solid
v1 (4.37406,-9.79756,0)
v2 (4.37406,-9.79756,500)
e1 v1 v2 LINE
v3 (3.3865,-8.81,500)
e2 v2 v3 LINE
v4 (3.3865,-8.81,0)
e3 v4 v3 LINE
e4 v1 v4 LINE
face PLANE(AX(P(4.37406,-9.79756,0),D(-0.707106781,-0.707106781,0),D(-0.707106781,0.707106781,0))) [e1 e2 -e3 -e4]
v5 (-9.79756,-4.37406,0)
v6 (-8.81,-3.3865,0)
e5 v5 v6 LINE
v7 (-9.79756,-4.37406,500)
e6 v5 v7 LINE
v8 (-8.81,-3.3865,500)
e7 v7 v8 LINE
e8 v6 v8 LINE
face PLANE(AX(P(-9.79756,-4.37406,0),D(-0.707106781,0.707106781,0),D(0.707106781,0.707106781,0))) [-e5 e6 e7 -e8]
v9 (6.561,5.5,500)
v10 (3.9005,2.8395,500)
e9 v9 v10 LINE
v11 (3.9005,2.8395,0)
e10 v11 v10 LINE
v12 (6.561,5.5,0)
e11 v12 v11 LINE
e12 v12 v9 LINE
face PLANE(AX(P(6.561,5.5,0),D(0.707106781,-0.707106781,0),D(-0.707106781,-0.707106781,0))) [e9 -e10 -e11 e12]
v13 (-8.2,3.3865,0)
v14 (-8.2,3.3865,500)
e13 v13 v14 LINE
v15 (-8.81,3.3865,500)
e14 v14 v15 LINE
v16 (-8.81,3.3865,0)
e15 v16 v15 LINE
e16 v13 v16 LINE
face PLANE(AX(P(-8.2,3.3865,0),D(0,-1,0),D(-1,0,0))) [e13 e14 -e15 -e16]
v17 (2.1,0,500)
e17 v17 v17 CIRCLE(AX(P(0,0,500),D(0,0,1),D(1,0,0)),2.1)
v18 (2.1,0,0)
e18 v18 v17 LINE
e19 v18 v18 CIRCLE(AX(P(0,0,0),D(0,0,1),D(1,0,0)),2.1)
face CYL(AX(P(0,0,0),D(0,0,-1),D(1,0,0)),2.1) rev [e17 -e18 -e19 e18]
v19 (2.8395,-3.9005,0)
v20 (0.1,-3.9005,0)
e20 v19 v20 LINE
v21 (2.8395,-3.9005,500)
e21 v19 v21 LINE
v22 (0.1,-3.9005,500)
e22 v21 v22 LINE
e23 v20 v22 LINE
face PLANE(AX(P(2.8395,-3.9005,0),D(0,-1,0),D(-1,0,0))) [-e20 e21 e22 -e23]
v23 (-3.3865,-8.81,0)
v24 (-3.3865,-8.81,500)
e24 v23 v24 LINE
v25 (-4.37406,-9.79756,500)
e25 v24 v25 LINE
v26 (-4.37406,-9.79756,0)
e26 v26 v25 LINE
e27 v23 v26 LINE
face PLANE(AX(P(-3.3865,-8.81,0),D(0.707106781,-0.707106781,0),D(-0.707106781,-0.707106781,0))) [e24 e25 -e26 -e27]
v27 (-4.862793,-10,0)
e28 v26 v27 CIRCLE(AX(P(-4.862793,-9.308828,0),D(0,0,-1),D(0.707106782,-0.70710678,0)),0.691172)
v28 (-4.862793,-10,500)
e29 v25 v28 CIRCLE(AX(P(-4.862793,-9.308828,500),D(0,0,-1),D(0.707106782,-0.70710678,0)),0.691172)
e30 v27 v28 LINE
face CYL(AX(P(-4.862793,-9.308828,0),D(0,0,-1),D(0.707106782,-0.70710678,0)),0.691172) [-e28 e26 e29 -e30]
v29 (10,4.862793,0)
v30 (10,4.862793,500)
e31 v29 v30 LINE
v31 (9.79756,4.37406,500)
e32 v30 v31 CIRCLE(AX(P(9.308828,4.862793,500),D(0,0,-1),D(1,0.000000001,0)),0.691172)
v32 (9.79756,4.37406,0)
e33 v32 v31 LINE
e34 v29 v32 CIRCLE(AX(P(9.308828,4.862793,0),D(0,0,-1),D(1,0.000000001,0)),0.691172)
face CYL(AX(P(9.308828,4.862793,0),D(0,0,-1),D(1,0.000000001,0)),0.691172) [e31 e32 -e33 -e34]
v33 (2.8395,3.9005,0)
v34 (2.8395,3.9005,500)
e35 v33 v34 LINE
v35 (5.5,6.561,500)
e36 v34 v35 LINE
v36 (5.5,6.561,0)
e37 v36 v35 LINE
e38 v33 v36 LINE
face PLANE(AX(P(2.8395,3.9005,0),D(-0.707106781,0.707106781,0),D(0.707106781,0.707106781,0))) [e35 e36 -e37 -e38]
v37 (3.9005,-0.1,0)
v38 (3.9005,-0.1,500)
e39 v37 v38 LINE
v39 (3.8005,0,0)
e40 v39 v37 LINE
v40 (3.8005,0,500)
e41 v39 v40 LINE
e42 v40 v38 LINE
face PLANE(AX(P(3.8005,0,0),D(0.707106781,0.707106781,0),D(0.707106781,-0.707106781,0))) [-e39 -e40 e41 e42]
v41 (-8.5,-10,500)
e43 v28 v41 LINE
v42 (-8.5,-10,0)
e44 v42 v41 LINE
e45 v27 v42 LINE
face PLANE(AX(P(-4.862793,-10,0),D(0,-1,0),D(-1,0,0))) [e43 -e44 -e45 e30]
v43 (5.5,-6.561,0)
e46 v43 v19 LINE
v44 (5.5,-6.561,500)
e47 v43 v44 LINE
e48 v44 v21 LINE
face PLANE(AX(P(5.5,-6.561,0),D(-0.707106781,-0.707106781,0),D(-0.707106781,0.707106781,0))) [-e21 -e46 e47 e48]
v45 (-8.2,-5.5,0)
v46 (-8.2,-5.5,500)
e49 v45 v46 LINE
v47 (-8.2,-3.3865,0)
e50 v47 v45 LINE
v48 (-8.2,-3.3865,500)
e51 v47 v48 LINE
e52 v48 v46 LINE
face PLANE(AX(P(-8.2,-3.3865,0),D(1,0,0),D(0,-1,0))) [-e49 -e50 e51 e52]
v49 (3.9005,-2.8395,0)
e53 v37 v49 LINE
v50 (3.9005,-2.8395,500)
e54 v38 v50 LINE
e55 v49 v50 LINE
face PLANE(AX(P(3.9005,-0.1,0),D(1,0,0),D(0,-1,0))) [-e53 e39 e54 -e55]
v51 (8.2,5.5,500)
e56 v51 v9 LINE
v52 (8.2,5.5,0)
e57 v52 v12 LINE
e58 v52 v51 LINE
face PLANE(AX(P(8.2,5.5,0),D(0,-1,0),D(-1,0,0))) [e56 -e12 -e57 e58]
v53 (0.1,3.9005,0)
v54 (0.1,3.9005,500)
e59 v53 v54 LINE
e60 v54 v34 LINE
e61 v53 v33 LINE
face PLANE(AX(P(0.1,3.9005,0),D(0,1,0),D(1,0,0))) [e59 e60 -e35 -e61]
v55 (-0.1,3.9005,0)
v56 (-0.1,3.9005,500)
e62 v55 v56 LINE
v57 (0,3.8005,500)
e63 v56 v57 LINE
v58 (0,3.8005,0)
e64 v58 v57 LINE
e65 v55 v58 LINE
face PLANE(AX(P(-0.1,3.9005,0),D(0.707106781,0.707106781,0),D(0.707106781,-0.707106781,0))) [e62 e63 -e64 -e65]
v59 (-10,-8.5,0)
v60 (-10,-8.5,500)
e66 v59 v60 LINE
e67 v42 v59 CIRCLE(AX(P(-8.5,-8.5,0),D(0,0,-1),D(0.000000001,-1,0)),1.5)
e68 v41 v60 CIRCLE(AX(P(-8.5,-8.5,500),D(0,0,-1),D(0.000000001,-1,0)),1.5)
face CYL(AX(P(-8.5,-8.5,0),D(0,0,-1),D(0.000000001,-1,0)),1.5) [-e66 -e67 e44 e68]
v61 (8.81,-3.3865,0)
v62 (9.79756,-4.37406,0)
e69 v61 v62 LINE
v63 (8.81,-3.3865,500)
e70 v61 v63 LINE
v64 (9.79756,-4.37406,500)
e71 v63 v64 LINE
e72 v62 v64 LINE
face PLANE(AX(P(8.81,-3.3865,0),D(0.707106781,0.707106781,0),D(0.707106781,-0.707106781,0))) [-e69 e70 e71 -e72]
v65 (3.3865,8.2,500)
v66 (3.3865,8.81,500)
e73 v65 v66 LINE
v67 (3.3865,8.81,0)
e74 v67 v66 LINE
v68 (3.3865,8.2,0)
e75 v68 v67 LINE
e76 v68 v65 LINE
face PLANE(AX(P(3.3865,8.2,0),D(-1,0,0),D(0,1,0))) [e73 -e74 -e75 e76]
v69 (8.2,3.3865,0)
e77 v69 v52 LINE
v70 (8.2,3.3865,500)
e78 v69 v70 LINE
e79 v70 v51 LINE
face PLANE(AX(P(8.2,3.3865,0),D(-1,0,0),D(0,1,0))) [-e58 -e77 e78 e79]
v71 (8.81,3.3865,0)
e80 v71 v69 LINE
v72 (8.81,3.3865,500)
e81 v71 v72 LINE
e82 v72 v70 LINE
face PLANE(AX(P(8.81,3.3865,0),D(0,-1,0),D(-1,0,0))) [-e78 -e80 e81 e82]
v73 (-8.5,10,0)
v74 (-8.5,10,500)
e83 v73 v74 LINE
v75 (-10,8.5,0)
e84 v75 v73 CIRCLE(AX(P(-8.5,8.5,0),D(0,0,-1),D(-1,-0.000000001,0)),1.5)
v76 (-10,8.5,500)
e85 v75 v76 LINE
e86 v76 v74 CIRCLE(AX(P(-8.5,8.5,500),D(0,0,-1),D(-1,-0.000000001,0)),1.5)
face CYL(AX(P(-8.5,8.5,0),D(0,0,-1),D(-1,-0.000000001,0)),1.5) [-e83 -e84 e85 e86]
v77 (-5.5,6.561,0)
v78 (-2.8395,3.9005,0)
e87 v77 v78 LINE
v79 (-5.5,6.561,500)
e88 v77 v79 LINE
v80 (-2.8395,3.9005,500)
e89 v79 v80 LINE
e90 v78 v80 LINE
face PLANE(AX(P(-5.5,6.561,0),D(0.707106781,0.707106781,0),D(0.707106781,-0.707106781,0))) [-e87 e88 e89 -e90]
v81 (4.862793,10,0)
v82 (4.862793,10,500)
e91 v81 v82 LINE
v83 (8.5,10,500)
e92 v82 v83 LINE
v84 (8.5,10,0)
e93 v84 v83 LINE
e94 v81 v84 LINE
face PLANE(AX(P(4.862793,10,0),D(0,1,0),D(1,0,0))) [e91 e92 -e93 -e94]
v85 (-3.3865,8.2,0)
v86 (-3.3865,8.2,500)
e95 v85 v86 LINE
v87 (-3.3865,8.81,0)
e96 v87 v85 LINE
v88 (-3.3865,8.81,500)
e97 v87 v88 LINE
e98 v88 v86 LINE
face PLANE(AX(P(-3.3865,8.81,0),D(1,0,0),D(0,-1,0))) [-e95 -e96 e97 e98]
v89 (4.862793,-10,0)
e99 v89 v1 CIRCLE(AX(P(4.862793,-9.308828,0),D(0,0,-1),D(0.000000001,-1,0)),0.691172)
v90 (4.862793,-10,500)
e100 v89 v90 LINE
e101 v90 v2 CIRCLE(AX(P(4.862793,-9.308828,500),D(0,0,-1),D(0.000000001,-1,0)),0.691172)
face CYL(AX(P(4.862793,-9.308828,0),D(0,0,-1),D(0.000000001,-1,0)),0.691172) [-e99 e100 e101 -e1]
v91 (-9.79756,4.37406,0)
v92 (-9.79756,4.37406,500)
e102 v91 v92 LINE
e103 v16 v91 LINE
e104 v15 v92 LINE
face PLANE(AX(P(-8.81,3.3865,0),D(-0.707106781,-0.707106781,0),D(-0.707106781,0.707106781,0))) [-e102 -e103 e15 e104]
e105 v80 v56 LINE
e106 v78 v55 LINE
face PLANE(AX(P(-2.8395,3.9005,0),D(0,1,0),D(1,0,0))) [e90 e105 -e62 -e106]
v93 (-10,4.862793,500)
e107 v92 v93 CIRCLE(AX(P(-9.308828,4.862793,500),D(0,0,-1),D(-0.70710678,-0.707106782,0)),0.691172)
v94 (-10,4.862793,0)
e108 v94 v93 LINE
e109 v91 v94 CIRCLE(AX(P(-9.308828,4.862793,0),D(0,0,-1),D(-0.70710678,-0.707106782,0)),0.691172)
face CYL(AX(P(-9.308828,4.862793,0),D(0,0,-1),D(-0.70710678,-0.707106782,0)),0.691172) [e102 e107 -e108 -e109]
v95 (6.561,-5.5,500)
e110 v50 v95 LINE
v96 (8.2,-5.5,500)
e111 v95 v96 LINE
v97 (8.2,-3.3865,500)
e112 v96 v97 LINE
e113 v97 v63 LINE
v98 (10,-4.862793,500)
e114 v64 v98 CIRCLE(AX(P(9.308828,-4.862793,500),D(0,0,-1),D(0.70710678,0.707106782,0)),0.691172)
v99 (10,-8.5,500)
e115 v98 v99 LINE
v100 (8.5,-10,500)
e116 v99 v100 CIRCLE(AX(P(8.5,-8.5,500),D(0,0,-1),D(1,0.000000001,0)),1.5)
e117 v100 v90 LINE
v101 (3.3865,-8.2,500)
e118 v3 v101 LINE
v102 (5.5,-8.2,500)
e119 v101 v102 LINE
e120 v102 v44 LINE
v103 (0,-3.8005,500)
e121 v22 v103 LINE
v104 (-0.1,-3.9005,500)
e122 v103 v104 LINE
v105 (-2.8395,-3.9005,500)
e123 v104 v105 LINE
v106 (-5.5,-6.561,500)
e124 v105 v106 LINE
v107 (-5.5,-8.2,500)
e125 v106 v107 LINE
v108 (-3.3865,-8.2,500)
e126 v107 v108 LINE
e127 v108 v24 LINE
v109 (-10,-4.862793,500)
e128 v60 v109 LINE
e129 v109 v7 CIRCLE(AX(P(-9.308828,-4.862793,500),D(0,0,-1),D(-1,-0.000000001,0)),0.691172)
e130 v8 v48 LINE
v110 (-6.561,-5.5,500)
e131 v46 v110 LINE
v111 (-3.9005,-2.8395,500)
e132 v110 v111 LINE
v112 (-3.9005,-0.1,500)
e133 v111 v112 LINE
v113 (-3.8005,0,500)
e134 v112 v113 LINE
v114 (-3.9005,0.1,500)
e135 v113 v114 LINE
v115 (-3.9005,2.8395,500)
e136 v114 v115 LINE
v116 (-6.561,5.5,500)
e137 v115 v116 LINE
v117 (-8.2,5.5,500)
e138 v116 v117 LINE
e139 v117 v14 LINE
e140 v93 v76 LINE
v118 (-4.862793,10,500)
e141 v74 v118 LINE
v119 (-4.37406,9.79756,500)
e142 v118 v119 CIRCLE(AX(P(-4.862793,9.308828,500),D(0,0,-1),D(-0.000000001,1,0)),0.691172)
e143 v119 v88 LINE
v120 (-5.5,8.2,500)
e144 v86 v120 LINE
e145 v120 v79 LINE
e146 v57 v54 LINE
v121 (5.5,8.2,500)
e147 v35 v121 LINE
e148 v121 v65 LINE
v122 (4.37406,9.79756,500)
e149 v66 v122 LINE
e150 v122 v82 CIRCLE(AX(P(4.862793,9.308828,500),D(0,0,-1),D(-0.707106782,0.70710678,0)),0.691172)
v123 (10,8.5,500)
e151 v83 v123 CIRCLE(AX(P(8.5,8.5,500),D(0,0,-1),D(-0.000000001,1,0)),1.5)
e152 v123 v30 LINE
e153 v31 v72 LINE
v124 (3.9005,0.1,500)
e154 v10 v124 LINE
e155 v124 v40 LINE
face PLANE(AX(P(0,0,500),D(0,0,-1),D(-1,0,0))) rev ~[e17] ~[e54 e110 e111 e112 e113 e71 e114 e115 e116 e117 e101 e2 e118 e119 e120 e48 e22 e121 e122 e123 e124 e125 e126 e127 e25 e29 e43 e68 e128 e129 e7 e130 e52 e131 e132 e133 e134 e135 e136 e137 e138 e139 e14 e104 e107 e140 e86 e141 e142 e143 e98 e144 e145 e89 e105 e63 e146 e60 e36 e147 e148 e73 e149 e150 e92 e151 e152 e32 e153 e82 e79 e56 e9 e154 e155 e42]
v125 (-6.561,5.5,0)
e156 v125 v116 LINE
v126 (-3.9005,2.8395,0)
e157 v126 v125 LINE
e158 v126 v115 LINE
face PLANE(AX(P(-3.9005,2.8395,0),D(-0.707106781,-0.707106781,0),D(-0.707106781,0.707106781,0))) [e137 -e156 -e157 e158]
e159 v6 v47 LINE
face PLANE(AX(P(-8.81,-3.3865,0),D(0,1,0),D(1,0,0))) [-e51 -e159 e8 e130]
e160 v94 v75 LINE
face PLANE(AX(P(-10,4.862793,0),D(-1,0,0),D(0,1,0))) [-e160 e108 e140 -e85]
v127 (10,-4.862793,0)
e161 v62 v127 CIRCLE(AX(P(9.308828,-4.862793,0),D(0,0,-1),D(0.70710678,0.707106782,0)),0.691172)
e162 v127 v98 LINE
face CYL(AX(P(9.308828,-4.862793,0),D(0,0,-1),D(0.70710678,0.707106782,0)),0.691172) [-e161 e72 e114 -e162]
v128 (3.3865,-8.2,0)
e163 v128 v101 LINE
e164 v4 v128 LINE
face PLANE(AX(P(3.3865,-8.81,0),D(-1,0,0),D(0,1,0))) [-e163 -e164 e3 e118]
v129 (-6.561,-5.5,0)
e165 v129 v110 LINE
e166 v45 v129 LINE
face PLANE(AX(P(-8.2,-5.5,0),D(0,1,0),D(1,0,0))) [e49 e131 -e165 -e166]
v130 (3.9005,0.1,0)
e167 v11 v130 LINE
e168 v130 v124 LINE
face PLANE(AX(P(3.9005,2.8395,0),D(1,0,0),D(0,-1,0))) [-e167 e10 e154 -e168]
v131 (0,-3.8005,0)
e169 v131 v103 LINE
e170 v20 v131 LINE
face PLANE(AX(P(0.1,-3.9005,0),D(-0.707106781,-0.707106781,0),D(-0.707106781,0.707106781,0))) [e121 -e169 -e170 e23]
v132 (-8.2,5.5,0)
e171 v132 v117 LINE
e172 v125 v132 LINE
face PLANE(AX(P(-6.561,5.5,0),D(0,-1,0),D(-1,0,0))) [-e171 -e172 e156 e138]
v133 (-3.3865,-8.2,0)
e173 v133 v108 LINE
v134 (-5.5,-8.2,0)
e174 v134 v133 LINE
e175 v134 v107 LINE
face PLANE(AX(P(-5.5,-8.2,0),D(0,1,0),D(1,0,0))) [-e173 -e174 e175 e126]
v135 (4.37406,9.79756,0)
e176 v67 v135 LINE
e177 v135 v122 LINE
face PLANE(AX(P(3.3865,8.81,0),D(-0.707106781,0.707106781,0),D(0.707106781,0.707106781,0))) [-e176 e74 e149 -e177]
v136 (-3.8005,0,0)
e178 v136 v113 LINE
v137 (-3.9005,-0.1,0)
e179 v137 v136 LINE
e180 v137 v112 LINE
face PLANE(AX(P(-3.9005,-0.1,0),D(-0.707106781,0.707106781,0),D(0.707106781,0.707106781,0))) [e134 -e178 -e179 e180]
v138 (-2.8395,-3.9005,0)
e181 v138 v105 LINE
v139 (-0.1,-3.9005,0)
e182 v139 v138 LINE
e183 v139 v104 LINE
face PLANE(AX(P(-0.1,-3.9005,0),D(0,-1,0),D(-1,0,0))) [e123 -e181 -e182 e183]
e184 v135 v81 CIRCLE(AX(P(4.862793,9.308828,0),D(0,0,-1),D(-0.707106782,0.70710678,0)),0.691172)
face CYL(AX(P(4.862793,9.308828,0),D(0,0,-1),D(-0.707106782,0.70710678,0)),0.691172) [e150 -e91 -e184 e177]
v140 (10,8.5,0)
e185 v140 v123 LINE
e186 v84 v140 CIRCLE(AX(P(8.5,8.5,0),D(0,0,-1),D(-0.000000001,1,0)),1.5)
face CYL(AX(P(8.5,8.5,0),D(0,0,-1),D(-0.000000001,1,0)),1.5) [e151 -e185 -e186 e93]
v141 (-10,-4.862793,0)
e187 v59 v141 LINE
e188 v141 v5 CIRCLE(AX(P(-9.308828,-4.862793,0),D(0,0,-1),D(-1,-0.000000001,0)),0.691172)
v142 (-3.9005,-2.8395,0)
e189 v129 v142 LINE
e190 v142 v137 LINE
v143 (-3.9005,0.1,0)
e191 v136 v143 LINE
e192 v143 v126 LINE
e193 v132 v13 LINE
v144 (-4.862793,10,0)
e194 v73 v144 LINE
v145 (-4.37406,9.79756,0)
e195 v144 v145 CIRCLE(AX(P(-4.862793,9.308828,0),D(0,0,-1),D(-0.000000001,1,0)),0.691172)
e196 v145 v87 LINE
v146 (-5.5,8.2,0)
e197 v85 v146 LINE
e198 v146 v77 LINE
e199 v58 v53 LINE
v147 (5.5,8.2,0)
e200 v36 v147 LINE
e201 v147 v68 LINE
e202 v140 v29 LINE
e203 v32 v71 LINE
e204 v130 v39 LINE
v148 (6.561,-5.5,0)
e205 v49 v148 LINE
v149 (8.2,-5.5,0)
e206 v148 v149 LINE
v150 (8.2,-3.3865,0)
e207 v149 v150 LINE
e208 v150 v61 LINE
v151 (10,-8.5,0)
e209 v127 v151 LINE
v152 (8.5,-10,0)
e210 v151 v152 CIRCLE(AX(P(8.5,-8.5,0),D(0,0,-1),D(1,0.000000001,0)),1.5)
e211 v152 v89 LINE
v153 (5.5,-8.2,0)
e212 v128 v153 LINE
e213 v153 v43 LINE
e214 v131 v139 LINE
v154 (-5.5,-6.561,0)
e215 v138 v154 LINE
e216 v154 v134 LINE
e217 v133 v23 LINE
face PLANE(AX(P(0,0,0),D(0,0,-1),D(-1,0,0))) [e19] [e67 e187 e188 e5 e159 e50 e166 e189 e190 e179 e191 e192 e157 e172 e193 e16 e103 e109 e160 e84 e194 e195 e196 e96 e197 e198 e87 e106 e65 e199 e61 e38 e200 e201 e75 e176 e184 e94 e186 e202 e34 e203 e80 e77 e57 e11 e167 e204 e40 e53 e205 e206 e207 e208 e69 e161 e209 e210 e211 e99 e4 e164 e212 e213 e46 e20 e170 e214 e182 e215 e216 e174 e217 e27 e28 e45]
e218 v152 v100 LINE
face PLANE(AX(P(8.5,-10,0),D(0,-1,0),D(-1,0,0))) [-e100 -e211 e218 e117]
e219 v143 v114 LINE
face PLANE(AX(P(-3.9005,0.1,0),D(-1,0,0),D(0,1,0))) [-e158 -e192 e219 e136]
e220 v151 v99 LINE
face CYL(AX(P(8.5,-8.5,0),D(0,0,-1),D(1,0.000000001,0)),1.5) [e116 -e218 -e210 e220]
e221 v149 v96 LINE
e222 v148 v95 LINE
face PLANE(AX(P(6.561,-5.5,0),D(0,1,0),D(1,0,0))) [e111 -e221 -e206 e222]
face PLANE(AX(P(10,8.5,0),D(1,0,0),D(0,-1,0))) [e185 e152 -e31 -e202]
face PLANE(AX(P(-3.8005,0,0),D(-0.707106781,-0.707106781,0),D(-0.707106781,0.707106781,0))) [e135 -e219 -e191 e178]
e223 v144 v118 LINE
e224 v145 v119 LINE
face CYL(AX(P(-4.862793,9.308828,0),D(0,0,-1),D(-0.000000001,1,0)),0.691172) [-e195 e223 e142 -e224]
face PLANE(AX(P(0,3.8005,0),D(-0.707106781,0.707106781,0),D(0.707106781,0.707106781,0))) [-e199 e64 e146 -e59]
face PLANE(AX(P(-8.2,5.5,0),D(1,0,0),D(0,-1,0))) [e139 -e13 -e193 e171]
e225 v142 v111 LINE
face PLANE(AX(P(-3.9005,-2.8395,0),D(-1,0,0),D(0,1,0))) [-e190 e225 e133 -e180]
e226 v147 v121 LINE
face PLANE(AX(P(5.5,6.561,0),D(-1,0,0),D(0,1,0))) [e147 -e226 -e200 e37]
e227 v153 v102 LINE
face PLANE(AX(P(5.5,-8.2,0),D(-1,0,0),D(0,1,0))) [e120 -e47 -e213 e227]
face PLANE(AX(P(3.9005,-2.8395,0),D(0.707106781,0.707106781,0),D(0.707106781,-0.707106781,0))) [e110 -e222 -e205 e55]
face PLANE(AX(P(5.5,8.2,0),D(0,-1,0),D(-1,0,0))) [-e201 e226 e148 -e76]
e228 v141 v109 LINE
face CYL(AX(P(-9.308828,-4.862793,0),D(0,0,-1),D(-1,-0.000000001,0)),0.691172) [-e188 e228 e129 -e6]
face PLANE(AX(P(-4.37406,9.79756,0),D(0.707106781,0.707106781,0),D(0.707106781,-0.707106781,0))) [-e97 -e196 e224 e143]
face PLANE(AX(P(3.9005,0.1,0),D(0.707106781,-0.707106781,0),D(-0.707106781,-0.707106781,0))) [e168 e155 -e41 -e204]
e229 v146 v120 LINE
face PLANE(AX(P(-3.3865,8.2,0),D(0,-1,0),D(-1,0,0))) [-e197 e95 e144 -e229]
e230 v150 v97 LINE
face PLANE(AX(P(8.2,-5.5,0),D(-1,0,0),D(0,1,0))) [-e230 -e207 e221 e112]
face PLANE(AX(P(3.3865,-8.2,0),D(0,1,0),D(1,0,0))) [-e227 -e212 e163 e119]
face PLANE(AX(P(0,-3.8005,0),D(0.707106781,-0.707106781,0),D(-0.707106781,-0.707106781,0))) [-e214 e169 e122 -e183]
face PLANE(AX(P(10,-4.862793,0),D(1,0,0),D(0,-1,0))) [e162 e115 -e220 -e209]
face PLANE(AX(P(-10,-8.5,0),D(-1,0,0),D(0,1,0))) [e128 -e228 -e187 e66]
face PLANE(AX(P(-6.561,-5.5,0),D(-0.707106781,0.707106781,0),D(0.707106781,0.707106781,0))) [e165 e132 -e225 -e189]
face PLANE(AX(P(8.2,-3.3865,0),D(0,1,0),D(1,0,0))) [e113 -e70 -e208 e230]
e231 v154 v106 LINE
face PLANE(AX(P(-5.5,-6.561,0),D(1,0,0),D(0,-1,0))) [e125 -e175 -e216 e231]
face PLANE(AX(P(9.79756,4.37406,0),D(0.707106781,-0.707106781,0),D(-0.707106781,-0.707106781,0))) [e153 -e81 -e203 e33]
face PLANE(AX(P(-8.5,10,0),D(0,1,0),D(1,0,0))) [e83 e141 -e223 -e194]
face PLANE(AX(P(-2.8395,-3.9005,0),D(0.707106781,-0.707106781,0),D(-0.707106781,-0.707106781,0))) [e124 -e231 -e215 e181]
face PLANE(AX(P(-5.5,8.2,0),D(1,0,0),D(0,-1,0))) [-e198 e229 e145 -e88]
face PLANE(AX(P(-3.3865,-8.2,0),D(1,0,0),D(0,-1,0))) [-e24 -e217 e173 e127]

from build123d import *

# Parameters (mm, degrees)
SKETCH1_R           = 2.1
BOSS_EXTRUDE1_DEPTH = 500


with BuildPart() as part:
    # Sketch1 → Boss-Extrude1 (new body)
    with BuildSketch(Plane.XY):
        with BuildLine():
            Line((-8.5, 10), (-4.862792737, 10))
            ThreePointArc((-4.862792737, 10), (-4.598292737, 9.947387679), (-4.374060464, 9.797560464))
            Line((-4.374060464, 9.797560464), (-3.3865, 8.81))
            Line((-3.3865, 8.81), (-3.3865, 8.2))
            Line((-3.3865, 8.2), (-5.5, 8.2))
            Line((-5.5, 8.2), (-5.5, 6.561))
            Line((-5.5, 6.561), (-2.8395, 3.9005))
            Line((-2.8395, 3.9005), (-0.1, 3.9005))
            Line((-0.1, 3.9005), (0, 3.8005))
            Line((0, 3.8005), (0.1, 3.9005))
            Line((0.1, 3.9005), (2.8395, 3.9005))
            Line((2.8395, 3.9005), (5.5, 6.561))
            Line((5.5, 6.561), (5.5, 8.2))
            Line((5.5, 8.2), (3.3865, 8.2))
            Line((3.3865, 8.2), (3.3865, 8.81))
            Line((3.3865, 8.81), (4.374060464, 9.797560464))
            ThreePointArc((4.374060464, 9.797560464), (4.598292737, 9.947387679), (4.862792737, 10))
            Line((4.862792737, 10), (8.5, 10))
            ThreePointArc((8.5, 10), (9.560660172, 9.560660172), (10, 8.5))
            Line((10, 8.5), (10, 4.862792737))
            ThreePointArc((10, 4.862792737), (9.947387679, 4.598292737), (9.797560464, 4.374060464))
            Line((9.797560464, 4.374060464), (8.81, 3.3865))
            Line((8.81, 3.3865), (8.2, 3.3865))
            Line((8.2, 3.3865), (8.2, 5.5))
            Line((8.2, 5.5), (6.561, 5.5))
            Line((6.561, 5.5), (3.9005, 2.8395))
            Line((3.9005, 2.8395), (3.9005, 0.1))
            Line((3.9005, 0.1), (3.8005, 0))
            Line((3.8005, 0), (3.9005, -0.1))
            Line((3.9005, -0.1), (3.9005, -2.8395))
            Line((3.9005, -2.8395), (6.561, -5.5))
            Line((6.561, -5.5), (8.2, -5.5))
            Line((8.2, -5.5), (8.2, -3.3865))
            Line((8.2, -3.3865), (8.81, -3.3865))
            Line((8.81, -3.3865), (9.797560464, -4.374060464))
            ThreePointArc((9.797560464, -4.374060464), (9.947387679, -4.598292737), (10, -4.862792737))
            Line((10, -4.862792737), (10, -8.5))
            ThreePointArc((10, -8.5), (9.560660172, -9.560660172), (8.5, -10))
            Line((8.5, -10), (4.862792737, -10))
            ThreePointArc((4.862792737, -10), (4.598292737, -9.947387679), (4.374060464, -9.797560464))
            Line((4.374060464, -9.797560464), (3.3865, -8.81))
            Line((3.3865, -8.81), (3.3865, -8.2))
            Line((3.3865, -8.2), (5.5, -8.2))
            Line((5.5, -8.2), (5.5, -6.561))
            Line((5.5, -6.561), (2.8395, -3.9005))
            Line((2.8395, -3.9005), (0.1, -3.9005))
            Line((0.1, -3.9005), (0, -3.8005))
            Line((0, -3.8005), (-0.1, -3.9005))
            Line((-0.1, -3.9005), (-2.8395, -3.9005))
            Line((-2.8395, -3.9005), (-5.5, -6.561))
            Line((-5.5, -6.561), (-5.5, -8.2))
            Line((-5.5, -8.2), (-3.3865, -8.2))
            Line((-3.3865, -8.2), (-3.3865, -8.81))
            Line((-3.3865, -8.81), (-4.374060464, -9.797560464))
            ThreePointArc((-4.374060464, -9.797560464), (-4.598292737, -9.947387679), (-4.862792737, -10))
            Line((-4.862792737, -10), (-8.5, -10))
            ThreePointArc((-8.5, -10), (-9.560660172, -9.560660172), (-10, -8.5))
            Line((-10, -8.5), (-10, -4.862792737))
            ThreePointArc((-10, -4.862792737), (-9.947387679, -4.598292737), (-9.797560464, -4.374060464))
            Line((-9.797560464, -4.374060464), (-8.81, -3.3865))
            Line((-8.81, -3.3865), (-8.2, -3.3865))
            Line((-8.2, -3.3865), (-8.2, -5.5))
            Line((-8.2, -5.5), (-6.561, -5.5))
            Line((-6.561, -5.5), (-3.9005, -2.8395))
            Line((-3.9005, -2.8395), (-3.9005, -0.1))
            Line((-3.9005, -0.1), (-3.8005, 0))
            Line((-3.8005, 0), (-3.9005, 0.1))
            Line((-3.9005, 0.1), (-3.9005, 2.8395))
            Line((-3.9005, 2.8395), (-6.561, 5.5))
            Line((-6.561, 5.5), (-8.2, 5.5))
            Line((-8.2, 5.5), (-8.2, 3.3865))
            Line((-8.2, 3.3865), (-8.81, 3.3865))
            Line((-8.81, 3.3865), (-9.797560464, 4.374060464))
            ThreePointArc((-9.797560464, 4.374060464), (-9.947387679, 4.598292737), (-10, 4.862792737))
            Line((-10, 4.862792737), (-10, 8.5))
            ThreePointArc((-10, 8.5), (-9.560660172, 9.560660172), (-8.5, 10))
        make_face()
        Circle(SKETCH1_R, mode=Mode.SUBTRACT)
    extrude(amount=BOSS_EXTRUDE1_DEPTH)


solid = part.part
